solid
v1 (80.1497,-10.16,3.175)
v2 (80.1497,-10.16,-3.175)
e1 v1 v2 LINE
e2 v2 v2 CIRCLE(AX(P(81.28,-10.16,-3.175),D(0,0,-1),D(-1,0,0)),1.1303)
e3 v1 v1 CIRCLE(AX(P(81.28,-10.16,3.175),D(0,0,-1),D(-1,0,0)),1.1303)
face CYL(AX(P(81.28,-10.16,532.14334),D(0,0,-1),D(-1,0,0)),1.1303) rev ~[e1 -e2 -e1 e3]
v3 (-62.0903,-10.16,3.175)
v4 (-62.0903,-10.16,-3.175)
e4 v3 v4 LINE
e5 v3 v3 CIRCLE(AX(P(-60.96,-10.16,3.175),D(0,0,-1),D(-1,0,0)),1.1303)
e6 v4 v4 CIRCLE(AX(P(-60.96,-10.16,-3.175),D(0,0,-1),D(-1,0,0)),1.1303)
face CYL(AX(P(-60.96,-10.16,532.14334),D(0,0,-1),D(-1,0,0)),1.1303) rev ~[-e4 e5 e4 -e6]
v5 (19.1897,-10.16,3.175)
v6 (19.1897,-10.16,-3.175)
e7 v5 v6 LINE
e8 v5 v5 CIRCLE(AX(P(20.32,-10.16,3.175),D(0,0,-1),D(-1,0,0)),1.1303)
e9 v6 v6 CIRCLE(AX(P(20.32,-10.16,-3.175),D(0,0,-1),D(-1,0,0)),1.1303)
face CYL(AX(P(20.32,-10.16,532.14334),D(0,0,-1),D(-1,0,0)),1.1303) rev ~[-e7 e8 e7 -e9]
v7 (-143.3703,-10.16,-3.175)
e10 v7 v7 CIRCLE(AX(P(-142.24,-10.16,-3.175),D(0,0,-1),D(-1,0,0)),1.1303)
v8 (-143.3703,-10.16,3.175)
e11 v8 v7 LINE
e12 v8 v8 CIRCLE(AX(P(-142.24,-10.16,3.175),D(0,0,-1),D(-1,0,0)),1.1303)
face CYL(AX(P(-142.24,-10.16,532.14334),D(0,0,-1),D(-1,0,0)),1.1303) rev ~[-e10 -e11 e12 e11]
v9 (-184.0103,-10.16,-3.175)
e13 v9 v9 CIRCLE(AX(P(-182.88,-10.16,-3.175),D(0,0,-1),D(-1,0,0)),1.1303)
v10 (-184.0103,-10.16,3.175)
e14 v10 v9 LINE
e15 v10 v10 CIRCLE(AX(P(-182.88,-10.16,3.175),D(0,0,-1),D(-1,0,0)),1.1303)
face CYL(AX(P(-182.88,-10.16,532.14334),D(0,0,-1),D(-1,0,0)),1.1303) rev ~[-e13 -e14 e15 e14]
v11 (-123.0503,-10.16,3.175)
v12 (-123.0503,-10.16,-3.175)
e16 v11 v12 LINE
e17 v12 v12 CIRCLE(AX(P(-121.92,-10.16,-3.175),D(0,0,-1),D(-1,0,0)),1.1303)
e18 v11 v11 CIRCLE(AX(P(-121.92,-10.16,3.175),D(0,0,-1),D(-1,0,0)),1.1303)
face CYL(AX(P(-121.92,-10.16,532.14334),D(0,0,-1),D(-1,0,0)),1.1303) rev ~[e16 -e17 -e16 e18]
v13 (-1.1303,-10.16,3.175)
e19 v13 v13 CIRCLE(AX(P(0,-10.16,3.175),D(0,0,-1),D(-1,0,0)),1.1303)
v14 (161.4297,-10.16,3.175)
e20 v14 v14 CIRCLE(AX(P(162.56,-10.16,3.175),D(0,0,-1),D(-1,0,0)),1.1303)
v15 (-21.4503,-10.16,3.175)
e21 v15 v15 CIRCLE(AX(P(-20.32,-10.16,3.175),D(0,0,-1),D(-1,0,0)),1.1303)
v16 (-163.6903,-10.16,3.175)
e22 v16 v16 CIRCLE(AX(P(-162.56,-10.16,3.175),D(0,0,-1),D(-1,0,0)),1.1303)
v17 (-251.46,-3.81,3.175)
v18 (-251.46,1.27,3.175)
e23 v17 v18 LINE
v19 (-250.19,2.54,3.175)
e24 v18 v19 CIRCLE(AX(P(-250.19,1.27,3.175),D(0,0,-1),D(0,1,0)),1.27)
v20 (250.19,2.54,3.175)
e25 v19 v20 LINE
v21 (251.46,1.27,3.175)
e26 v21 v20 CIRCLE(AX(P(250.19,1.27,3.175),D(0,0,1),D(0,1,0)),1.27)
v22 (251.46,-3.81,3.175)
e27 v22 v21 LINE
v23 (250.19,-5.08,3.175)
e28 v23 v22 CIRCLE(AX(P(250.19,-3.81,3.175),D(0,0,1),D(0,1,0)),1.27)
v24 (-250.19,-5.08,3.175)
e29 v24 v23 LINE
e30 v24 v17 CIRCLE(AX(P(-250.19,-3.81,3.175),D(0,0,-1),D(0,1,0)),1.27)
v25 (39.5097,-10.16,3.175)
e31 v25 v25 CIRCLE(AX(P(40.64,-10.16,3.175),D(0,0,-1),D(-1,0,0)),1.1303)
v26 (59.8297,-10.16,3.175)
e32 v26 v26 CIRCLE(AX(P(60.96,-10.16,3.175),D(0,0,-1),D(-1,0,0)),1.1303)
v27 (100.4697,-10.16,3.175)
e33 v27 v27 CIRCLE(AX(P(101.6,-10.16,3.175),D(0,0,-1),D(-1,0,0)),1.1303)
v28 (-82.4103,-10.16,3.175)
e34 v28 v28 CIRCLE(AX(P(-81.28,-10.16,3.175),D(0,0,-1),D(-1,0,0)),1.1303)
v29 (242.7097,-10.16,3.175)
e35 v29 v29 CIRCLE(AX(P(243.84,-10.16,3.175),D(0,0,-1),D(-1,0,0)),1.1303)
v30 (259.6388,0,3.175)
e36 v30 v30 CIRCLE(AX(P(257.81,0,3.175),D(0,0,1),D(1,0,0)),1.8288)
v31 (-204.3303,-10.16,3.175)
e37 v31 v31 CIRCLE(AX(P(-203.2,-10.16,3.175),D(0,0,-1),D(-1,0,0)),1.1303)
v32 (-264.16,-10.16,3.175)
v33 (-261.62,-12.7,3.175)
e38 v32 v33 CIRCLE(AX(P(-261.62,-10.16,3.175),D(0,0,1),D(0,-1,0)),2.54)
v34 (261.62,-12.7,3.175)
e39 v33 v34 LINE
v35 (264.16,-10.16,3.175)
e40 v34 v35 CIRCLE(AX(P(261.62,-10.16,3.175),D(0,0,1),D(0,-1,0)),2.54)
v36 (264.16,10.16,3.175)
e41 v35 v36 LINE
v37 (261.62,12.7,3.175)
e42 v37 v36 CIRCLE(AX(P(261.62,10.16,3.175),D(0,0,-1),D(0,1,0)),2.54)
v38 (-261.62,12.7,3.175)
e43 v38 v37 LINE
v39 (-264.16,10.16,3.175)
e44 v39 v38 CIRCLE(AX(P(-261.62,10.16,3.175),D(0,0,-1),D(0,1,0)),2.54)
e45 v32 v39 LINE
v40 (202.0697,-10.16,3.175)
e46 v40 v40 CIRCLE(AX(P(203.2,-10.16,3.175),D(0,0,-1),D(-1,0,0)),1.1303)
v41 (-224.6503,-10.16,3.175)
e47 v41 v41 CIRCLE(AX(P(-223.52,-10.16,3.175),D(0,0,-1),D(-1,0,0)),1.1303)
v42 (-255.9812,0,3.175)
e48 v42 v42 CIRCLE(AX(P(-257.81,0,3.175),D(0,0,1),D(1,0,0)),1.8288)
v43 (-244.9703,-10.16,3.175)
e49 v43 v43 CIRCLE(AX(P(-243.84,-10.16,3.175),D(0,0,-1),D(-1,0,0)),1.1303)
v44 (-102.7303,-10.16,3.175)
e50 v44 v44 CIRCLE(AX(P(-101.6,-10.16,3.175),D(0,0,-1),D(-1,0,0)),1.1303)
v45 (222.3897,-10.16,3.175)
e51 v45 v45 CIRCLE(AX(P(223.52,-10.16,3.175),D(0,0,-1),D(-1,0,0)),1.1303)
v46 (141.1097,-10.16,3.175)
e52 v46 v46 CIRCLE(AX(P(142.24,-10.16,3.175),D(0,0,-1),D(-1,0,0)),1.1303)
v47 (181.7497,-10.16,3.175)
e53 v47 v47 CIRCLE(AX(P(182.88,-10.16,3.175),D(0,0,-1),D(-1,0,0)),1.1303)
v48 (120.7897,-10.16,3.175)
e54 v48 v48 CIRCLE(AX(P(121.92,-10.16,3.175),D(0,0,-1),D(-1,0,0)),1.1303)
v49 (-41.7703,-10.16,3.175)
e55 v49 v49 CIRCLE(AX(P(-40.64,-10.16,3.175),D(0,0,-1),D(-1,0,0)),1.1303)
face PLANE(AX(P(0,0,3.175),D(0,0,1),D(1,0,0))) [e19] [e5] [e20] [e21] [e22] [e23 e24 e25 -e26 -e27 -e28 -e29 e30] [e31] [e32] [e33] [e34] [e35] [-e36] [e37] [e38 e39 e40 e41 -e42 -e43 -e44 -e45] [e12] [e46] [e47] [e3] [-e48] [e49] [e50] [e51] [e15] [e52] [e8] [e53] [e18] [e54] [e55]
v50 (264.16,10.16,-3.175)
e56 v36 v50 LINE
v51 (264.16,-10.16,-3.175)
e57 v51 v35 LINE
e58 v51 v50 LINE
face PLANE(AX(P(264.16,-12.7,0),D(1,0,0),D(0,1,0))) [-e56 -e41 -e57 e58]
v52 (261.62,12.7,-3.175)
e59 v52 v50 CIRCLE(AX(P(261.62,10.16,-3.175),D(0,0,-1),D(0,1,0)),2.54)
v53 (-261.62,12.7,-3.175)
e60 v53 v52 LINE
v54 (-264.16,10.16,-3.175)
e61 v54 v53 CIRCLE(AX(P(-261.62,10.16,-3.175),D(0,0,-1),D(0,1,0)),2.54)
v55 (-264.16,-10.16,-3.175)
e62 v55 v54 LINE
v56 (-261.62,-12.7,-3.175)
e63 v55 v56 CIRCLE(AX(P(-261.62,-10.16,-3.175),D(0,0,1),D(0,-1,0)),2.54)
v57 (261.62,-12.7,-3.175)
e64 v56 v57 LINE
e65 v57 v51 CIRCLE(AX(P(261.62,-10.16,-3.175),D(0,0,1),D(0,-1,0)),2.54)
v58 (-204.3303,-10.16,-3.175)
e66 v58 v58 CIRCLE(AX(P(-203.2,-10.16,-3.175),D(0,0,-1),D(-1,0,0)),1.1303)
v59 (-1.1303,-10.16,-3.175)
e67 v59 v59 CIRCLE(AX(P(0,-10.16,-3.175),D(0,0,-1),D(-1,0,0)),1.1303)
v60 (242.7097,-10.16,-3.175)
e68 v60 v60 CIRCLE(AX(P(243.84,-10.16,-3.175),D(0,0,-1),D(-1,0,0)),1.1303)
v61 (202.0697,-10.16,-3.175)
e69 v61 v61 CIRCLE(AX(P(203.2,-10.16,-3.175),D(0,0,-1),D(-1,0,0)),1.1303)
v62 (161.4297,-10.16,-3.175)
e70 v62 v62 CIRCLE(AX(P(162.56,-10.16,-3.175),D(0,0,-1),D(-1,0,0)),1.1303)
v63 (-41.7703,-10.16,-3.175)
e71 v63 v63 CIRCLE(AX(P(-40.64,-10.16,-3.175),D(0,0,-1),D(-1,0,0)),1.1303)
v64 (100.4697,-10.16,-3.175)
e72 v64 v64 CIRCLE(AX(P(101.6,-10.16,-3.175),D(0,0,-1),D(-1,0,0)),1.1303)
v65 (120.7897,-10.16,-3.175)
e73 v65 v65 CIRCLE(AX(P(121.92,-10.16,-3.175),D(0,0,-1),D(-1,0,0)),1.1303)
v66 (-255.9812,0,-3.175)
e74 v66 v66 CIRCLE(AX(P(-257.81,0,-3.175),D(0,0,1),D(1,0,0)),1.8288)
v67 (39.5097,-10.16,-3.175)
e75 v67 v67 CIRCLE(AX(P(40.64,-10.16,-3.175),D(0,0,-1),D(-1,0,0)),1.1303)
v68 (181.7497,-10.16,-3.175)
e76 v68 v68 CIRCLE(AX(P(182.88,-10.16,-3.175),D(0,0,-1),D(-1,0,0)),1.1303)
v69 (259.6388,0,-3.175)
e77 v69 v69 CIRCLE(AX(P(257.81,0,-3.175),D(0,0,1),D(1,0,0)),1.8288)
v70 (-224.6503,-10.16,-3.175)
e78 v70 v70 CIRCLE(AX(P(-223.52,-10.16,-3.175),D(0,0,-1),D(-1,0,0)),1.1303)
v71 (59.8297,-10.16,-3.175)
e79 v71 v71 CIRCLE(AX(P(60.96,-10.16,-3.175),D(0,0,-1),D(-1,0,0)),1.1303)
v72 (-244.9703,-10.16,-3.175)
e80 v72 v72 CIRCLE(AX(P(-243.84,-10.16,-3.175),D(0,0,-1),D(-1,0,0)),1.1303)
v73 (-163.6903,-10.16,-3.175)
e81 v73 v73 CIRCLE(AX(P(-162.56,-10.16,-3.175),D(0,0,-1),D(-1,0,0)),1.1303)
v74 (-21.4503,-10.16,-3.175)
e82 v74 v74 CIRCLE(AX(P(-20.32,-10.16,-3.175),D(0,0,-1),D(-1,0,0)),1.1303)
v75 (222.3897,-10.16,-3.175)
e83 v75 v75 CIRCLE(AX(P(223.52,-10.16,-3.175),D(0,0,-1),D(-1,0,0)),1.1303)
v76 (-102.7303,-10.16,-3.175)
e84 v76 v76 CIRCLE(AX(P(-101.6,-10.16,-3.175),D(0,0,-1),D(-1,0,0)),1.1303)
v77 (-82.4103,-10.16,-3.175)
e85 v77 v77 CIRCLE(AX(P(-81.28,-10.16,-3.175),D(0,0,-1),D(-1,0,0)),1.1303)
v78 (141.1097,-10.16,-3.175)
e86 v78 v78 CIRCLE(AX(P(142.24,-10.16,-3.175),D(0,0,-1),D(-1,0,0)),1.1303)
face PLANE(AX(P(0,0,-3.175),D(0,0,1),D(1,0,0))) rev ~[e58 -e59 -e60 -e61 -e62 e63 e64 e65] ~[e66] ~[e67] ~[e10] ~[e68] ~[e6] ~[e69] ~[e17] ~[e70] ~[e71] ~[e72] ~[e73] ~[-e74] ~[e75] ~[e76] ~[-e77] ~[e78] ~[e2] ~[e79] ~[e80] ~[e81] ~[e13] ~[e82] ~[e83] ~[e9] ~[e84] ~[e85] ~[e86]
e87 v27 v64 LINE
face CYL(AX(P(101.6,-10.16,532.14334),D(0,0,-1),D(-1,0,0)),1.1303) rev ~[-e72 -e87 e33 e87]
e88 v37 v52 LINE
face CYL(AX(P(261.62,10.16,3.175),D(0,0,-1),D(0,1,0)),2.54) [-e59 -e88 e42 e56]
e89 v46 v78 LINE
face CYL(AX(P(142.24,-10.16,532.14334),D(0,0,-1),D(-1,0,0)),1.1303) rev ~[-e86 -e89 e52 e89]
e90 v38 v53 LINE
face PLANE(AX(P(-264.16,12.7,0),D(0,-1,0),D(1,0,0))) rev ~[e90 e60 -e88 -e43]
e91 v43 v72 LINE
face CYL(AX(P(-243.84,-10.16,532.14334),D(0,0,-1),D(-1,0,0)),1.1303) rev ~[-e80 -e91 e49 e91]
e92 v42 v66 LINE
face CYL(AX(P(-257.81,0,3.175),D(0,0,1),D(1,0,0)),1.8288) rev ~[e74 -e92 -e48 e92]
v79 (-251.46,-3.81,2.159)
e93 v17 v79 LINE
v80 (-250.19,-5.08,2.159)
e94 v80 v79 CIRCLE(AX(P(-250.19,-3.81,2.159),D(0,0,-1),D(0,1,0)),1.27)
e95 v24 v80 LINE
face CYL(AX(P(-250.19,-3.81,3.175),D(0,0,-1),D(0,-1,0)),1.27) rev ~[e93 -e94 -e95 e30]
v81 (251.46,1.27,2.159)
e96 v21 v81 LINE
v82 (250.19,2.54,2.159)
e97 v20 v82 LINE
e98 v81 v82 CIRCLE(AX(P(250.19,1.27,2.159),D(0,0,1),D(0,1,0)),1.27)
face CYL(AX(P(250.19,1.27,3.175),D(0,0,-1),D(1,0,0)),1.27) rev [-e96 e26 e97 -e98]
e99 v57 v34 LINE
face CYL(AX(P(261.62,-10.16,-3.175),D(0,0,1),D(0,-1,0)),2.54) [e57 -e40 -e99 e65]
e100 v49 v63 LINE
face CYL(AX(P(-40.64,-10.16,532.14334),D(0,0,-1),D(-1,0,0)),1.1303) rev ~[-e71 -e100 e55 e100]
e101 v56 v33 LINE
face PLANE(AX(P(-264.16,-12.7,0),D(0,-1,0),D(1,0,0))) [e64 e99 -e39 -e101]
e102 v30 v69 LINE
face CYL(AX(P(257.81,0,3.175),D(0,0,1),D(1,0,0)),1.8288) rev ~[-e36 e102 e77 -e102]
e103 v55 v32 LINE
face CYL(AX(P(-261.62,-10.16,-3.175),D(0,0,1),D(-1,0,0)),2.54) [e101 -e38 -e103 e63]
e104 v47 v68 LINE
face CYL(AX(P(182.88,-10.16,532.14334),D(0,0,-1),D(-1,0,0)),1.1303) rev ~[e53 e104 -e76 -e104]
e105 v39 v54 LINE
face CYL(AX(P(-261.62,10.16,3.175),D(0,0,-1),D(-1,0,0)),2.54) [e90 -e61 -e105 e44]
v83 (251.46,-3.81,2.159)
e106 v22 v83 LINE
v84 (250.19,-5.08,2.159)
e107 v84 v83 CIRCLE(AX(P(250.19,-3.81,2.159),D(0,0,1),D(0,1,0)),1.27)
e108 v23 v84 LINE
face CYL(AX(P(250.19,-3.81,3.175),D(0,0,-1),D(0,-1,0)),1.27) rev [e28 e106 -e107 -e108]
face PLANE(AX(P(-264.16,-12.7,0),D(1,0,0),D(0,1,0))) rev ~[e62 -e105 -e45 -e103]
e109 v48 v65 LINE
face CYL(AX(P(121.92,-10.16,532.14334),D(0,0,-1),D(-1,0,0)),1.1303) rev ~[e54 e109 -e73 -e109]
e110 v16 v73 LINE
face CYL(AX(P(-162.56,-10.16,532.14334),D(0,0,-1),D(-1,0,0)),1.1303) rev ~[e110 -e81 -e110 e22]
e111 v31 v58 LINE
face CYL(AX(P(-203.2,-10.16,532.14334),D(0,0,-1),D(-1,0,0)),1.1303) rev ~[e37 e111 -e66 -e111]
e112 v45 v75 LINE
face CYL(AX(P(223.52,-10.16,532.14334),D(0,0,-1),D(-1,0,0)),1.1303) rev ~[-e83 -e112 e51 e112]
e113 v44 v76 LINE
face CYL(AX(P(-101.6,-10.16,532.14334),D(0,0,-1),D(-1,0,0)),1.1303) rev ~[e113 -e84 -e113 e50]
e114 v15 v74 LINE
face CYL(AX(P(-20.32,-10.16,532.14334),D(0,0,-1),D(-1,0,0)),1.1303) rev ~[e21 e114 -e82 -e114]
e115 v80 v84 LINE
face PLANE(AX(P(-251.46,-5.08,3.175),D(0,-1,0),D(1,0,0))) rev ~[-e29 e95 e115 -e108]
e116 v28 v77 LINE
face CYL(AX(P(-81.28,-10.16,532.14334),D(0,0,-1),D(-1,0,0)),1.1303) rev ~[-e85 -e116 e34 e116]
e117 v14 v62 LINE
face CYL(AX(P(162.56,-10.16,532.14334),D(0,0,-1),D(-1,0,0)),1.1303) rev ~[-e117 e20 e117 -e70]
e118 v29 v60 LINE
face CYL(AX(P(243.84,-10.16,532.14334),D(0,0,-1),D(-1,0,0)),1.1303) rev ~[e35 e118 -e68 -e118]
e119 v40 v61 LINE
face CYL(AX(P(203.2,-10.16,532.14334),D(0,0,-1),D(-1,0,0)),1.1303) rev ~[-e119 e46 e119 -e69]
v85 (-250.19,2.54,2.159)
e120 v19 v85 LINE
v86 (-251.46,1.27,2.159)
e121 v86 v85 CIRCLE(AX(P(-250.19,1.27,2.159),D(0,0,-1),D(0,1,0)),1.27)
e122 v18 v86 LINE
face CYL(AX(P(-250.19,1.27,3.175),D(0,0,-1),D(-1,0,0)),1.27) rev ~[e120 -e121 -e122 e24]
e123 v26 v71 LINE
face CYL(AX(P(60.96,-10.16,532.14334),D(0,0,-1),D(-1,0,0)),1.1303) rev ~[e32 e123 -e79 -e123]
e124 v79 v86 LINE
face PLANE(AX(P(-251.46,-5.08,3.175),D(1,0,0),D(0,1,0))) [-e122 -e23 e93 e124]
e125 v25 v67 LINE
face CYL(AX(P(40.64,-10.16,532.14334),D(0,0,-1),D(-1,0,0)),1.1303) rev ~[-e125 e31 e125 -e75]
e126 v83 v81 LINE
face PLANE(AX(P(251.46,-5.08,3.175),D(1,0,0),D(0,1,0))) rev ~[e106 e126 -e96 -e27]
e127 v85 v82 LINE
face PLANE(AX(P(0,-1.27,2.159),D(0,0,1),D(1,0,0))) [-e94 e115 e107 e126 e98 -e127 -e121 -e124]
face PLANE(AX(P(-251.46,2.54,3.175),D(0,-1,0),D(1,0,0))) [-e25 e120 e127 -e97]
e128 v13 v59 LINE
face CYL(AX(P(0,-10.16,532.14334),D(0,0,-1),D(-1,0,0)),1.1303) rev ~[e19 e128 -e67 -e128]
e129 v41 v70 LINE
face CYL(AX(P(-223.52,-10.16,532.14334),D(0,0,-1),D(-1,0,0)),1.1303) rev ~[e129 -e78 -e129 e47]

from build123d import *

# Parameters (mm, degrees)
F0_W     = 528.32
F0_H     = 25.4
F1_DEPTH = 3.175
F2_W     = 502.92
F2_H     = 7.62
F3_DEPTH = 1.016
F4_R     = 1.8288
F5_DEPTH = 6.351
F7_D     = 2.2606
F8_R     = 2.54
F9_R     = 1.27


with BuildPart() as f1:
    # F0 (on Top) → F1 (new body, symmetric)
    with BuildSketch(Plane.XY):
        Rectangle(F0_W, F0_H)
    extrude(amount=F1_DEPTH, both=True)

    # F2 (on face) → F3 (cut)
    with BuildSketch(Plane.XY.offset(3.175)):
        with Locations((0, -1.27)):
            Rectangle(F2_W, F2_H)
    extrude(amount=-F3_DEPTH, mode=Mode.SUBTRACT)

    # F4 (on face) → F5 (cut, through all)
    with BuildSketch(Plane.XY.offset(3.175)):
        with Locations((-257.81, 0)):
            Circle(F4_R)
        with Locations((257.81, 0)):
            Circle(F4_R)
    extrude(amount=-F5_DEPTH, mode=Mode.SUBTRACT)

    # F7 (through all)
    with Locations(Plane.XY.offset(3.175)):
        with Locations((-60.96, -10.16), (-40.64, -10.16), (182.88, -10.16), (-121.92, -10.16), (-81.28, -10.16), (-101.6, -10.16), (203.2, -10.16), (60.96, -10.16), (40.64, -10.16), (243.84, -10.16), (223.52, -10.16), (-20.32, -10.16), (162.56, -10.16), (0, -10.16), (20.32, -10.16), (142.24, -10.16), (121.92, -10.16), (101.6, -10.16), (81.28, -10.16), (-243.84, -10.16), (-223.52, -10.16), (-203.2, -10.16), (-182.88, -10.16), (-162.56, -10.16), (-142.24, -10.16)):
            Hole(F7_D / 2)

    # F8
    f8_edges = [f1.edges().sort_by_distance(p)[0] for p in [
        (264.16, -12.7, 0),
        (264.16, 12.7, 0),
        (-264.16, -12.7, 0),
        (-264.16, 12.7, 0),
    ]]
    fillet(f8_edges, radius=F8_R)

    # F9
    f9_edges = [f1.edges().sort_by_distance(p)[0] for p in [
        (-251.46, -5.08, 2.667),
        (-251.46, 2.54, 2.667),
        (251.46, -5.08, 2.667),
        (251.46, 2.54, 2.667),
    ]]
    fillet(f9_edges, radius=F9_R)


solid = f1.part
